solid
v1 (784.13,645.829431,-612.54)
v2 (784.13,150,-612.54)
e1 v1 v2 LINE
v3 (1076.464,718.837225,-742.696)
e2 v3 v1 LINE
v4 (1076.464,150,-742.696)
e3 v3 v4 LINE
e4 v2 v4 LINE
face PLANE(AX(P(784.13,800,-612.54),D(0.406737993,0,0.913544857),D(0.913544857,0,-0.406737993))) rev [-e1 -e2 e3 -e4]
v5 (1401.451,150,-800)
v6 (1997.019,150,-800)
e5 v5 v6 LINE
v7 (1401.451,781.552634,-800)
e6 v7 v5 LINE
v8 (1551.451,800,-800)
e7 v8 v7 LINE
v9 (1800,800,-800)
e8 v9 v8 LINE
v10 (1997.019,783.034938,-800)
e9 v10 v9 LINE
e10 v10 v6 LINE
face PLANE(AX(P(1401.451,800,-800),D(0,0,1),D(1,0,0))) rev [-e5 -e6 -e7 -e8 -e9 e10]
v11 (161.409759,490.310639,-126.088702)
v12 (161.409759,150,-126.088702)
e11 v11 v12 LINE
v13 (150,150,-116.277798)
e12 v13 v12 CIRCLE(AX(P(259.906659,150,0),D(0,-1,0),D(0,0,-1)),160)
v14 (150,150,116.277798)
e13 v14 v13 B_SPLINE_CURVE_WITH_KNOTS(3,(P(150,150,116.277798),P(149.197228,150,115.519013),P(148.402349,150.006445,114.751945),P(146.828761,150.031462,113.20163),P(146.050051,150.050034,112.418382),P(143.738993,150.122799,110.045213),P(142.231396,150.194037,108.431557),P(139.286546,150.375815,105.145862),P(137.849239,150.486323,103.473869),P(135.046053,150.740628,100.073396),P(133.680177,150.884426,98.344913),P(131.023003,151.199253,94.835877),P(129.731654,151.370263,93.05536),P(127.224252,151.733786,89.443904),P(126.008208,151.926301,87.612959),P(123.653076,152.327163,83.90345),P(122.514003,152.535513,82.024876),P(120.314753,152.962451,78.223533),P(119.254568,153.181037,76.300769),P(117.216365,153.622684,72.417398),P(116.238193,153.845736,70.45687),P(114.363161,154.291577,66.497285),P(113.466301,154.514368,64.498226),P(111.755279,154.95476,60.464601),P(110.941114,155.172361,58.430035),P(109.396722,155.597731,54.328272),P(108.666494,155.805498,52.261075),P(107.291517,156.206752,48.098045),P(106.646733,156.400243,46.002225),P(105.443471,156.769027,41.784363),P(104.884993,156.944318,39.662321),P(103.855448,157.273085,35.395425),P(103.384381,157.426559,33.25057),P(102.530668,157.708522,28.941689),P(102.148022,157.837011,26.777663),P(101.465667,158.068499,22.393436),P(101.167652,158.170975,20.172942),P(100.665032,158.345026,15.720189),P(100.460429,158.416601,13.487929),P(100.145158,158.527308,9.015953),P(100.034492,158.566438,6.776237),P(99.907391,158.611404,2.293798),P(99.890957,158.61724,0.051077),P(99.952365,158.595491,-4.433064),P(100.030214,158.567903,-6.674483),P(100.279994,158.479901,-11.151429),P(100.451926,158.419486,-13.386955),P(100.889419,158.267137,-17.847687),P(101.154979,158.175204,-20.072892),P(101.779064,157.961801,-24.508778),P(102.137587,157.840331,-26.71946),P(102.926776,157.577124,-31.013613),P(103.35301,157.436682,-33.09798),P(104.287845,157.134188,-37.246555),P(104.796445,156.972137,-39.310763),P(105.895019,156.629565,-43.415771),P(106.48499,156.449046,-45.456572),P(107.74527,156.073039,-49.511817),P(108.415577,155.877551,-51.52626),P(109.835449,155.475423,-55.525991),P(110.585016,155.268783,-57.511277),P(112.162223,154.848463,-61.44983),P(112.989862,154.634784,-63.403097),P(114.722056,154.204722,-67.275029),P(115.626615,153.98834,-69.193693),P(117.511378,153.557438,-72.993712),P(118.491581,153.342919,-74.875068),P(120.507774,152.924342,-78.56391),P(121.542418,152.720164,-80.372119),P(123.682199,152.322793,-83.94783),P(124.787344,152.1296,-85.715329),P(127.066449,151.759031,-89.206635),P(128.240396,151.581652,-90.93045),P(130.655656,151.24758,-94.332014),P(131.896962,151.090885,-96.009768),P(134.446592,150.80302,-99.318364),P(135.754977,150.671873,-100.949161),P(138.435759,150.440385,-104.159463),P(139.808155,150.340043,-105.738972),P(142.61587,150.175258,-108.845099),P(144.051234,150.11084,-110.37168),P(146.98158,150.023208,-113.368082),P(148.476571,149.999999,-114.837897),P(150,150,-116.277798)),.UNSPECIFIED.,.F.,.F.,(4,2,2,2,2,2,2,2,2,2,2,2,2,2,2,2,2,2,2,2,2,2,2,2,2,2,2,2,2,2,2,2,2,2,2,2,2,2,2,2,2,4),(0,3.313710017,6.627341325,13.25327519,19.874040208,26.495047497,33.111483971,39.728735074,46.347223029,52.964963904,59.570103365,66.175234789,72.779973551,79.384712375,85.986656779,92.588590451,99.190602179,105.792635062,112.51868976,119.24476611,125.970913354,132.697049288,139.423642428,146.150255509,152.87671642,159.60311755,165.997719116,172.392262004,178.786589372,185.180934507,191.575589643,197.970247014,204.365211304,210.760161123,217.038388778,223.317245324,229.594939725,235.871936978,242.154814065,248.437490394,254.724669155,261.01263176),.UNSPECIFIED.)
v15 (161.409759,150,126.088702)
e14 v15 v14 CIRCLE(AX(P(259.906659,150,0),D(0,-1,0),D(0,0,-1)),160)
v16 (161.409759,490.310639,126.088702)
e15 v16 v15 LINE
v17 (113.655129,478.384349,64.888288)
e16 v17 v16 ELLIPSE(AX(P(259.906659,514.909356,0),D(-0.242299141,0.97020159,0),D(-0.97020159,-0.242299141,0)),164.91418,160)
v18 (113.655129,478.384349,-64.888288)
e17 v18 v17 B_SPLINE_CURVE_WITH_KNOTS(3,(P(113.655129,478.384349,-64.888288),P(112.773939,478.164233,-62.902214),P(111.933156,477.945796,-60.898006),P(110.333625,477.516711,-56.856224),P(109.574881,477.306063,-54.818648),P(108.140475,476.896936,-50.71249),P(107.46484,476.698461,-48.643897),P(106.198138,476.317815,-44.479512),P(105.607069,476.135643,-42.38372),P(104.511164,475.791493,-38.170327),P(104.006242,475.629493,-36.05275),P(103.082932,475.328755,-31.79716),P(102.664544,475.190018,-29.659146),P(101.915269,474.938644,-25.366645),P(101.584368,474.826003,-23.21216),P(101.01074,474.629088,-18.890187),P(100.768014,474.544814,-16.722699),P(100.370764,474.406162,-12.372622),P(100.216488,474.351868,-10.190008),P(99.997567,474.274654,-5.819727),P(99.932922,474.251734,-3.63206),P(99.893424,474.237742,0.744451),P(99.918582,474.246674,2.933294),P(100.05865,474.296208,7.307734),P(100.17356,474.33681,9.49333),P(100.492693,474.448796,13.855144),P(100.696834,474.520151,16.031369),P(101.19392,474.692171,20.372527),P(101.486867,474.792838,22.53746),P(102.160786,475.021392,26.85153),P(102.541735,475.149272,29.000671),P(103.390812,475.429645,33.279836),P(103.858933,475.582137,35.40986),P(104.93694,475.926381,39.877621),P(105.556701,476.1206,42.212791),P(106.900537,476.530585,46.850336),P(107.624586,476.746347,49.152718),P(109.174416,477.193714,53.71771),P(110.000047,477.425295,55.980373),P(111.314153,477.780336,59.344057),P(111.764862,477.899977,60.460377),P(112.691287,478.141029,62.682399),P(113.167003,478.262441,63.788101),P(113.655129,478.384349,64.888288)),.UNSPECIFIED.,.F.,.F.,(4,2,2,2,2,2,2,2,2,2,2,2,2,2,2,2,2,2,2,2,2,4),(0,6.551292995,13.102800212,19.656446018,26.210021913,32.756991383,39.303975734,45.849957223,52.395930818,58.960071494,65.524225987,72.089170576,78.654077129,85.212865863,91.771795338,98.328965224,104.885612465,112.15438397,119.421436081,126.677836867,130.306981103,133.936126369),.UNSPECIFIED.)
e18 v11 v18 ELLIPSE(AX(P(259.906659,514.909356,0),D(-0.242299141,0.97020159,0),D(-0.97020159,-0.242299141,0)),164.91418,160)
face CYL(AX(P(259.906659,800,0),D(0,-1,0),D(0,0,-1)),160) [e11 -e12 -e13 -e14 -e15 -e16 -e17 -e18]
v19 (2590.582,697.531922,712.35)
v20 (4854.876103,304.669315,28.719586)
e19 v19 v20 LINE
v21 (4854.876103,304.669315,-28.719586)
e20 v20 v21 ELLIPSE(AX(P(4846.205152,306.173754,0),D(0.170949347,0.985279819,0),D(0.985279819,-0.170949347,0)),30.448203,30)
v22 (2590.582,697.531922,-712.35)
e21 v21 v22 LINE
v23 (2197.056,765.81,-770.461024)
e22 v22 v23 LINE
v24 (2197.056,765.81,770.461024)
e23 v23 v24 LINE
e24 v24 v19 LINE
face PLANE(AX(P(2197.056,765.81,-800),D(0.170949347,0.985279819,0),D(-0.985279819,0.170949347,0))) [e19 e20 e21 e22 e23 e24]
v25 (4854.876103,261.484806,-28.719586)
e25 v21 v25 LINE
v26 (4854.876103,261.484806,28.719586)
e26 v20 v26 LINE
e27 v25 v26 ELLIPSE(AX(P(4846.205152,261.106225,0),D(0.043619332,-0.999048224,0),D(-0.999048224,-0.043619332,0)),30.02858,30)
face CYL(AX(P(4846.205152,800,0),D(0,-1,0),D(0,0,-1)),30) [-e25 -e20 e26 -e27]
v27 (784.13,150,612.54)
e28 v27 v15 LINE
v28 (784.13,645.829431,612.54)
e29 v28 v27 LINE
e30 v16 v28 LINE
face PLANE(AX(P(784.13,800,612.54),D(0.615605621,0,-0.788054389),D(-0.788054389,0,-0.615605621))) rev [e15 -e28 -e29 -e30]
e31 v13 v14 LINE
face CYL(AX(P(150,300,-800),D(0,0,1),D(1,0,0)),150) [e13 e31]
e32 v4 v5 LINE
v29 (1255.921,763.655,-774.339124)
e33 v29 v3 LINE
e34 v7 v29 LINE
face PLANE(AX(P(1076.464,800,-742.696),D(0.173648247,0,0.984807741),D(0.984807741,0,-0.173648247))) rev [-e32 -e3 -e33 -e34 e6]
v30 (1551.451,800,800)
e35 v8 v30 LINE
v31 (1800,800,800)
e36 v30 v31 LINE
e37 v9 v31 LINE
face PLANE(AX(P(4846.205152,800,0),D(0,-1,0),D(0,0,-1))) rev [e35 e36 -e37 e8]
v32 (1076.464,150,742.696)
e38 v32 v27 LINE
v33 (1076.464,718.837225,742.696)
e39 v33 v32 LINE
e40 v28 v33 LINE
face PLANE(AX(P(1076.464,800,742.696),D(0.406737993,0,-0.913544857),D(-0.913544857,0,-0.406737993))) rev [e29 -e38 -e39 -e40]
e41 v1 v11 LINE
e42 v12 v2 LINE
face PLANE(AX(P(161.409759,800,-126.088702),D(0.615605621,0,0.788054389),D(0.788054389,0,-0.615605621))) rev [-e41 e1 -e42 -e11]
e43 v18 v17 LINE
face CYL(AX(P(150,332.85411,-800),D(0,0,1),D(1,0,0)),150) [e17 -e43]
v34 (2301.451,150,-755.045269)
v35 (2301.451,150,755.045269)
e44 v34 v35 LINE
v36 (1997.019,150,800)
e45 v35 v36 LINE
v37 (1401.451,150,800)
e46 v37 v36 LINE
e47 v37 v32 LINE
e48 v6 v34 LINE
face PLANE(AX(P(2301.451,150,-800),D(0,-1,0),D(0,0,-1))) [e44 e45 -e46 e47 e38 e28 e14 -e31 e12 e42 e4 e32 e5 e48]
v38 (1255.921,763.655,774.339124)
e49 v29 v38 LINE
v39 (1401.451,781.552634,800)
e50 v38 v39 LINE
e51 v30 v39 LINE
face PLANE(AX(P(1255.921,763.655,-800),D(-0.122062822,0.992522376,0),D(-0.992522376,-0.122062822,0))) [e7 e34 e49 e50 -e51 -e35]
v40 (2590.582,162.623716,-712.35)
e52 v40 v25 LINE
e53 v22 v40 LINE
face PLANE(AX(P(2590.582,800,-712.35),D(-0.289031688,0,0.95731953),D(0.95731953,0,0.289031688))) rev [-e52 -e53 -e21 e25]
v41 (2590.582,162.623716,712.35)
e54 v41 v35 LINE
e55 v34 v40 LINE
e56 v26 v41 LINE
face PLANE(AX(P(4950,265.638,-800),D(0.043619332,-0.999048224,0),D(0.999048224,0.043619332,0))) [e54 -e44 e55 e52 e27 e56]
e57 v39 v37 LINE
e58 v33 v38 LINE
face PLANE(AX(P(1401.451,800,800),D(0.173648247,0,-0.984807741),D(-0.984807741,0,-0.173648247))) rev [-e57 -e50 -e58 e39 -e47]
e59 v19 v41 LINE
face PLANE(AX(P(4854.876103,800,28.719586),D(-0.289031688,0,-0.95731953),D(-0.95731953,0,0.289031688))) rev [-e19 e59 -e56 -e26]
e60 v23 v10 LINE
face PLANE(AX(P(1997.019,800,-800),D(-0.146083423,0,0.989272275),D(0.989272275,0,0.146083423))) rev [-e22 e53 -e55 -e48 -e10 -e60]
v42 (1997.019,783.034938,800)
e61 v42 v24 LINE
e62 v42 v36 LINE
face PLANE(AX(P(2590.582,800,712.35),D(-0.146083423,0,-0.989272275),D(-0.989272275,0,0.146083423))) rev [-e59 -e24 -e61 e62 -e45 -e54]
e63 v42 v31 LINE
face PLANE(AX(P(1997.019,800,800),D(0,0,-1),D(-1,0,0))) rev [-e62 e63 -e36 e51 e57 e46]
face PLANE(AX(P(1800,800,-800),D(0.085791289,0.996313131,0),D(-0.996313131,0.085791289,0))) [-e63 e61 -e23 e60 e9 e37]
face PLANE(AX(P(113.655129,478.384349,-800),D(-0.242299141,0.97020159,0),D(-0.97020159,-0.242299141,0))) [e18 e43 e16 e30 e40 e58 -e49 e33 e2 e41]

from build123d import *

# Parameters (mm, degrees)
TOPVIEW_EXTRUDE_DEPTH      = 800
SIDEPROFILE_CUT_DEPTH      = 5006.734380578
SIDEPROFILE_CUT_DEPTH_BACK = 5006.734380578
SKETCH2_OUTSIDE_W          = 5798.358
SKETCH2_OUTSIDE_H          = 1822.06


with BuildPart() as part:
    # Sketch1 → TopView_Extrude (new body)
    with BuildSketch(Plane(origin=(0, 0, 0), x_dir=(1, 0, 0), z_dir=(0, 1, 0))):
        with BuildLine():
            Line((161.409759475, 126.088702216), (784.13, 612.54))
            Line((784.13, 612.54), (1076.464, 742.696))
            Line((1076.464, 742.696), (1401.451, 800))
            Line((1401.451, 800), (1997.019, 800))
            Line((1997.019, 800), (2590.582, 712.35))
            Line((2590.582, 712.35), (4854.876103105, 28.719585912))
            ThreePointArc((4854.876103105, 28.719585912), (4876.205152462, 0), (4854.876103105, -28.719585912))
            Line((4854.876103105, -28.719585912), (2590.582, -712.35))
            Line((2590.582, -712.35), (1997.019, -800))
            Line((1997.019, -800), (1401.451, -800))
            Line((1401.451, -800), (1076.464, -742.696))
            Line((1076.464, -742.696), (784.13, -612.54))
            Line((784.13, -612.54), (161.409759475, -126.088702216))
            ThreePointArc((161.409759475, -126.088702216), (99.906658784, 0), (161.409759475, 126.088702216))
        make_face()
    extrude(amount=TOPVIEW_EXTRUDE_DEPTH)

    # Sketch2 outside → SideProfile_Cut (cut, two sides: drawn at the far end of the back side and taken through both)
    with BuildSketch(Plane.XY.offset(-SIDEPROFILE_CUT_DEPTH_BACK)):
        with Locations((2488.056, 400)):
            Rectangle(SKETCH2_OUTSIDE_W, SKETCH2_OUTSIDE_H)
        with BuildLine():
            Line((0, 300), (0, 332.854109989))
            ThreePointArc((0, 332.854109989), (31.780435884, 425.180350356), (113.655128803, 478.384348558))
            Line((113.655128803, 478.384348558), (1255.921, 763.655))
            Line((1255.921, 763.655), (1551.451, 800))
            Line((1551.451, 800), (1800, 800))
            Line((1800, 800), (2197.056, 765.81))
            Line((2197.056, 765.81), (4950, 288.165))
            Line((4950, 288.165), (4950, 265.638))
            Line((4950, 265.638), (2301.451, 150))
            Line((2301.451, 150), (150, 150))
            ThreePointArc((150, 150), (43.933982822, 193.933982822), (0, 300))
        make_face(mode=Mode.SUBTRACT)
    extrude(amount=SIDEPROFILE_CUT_DEPTH + SIDEPROFILE_CUT_DEPTH_BACK, mode=Mode.SUBTRACT)


solid = part.part
